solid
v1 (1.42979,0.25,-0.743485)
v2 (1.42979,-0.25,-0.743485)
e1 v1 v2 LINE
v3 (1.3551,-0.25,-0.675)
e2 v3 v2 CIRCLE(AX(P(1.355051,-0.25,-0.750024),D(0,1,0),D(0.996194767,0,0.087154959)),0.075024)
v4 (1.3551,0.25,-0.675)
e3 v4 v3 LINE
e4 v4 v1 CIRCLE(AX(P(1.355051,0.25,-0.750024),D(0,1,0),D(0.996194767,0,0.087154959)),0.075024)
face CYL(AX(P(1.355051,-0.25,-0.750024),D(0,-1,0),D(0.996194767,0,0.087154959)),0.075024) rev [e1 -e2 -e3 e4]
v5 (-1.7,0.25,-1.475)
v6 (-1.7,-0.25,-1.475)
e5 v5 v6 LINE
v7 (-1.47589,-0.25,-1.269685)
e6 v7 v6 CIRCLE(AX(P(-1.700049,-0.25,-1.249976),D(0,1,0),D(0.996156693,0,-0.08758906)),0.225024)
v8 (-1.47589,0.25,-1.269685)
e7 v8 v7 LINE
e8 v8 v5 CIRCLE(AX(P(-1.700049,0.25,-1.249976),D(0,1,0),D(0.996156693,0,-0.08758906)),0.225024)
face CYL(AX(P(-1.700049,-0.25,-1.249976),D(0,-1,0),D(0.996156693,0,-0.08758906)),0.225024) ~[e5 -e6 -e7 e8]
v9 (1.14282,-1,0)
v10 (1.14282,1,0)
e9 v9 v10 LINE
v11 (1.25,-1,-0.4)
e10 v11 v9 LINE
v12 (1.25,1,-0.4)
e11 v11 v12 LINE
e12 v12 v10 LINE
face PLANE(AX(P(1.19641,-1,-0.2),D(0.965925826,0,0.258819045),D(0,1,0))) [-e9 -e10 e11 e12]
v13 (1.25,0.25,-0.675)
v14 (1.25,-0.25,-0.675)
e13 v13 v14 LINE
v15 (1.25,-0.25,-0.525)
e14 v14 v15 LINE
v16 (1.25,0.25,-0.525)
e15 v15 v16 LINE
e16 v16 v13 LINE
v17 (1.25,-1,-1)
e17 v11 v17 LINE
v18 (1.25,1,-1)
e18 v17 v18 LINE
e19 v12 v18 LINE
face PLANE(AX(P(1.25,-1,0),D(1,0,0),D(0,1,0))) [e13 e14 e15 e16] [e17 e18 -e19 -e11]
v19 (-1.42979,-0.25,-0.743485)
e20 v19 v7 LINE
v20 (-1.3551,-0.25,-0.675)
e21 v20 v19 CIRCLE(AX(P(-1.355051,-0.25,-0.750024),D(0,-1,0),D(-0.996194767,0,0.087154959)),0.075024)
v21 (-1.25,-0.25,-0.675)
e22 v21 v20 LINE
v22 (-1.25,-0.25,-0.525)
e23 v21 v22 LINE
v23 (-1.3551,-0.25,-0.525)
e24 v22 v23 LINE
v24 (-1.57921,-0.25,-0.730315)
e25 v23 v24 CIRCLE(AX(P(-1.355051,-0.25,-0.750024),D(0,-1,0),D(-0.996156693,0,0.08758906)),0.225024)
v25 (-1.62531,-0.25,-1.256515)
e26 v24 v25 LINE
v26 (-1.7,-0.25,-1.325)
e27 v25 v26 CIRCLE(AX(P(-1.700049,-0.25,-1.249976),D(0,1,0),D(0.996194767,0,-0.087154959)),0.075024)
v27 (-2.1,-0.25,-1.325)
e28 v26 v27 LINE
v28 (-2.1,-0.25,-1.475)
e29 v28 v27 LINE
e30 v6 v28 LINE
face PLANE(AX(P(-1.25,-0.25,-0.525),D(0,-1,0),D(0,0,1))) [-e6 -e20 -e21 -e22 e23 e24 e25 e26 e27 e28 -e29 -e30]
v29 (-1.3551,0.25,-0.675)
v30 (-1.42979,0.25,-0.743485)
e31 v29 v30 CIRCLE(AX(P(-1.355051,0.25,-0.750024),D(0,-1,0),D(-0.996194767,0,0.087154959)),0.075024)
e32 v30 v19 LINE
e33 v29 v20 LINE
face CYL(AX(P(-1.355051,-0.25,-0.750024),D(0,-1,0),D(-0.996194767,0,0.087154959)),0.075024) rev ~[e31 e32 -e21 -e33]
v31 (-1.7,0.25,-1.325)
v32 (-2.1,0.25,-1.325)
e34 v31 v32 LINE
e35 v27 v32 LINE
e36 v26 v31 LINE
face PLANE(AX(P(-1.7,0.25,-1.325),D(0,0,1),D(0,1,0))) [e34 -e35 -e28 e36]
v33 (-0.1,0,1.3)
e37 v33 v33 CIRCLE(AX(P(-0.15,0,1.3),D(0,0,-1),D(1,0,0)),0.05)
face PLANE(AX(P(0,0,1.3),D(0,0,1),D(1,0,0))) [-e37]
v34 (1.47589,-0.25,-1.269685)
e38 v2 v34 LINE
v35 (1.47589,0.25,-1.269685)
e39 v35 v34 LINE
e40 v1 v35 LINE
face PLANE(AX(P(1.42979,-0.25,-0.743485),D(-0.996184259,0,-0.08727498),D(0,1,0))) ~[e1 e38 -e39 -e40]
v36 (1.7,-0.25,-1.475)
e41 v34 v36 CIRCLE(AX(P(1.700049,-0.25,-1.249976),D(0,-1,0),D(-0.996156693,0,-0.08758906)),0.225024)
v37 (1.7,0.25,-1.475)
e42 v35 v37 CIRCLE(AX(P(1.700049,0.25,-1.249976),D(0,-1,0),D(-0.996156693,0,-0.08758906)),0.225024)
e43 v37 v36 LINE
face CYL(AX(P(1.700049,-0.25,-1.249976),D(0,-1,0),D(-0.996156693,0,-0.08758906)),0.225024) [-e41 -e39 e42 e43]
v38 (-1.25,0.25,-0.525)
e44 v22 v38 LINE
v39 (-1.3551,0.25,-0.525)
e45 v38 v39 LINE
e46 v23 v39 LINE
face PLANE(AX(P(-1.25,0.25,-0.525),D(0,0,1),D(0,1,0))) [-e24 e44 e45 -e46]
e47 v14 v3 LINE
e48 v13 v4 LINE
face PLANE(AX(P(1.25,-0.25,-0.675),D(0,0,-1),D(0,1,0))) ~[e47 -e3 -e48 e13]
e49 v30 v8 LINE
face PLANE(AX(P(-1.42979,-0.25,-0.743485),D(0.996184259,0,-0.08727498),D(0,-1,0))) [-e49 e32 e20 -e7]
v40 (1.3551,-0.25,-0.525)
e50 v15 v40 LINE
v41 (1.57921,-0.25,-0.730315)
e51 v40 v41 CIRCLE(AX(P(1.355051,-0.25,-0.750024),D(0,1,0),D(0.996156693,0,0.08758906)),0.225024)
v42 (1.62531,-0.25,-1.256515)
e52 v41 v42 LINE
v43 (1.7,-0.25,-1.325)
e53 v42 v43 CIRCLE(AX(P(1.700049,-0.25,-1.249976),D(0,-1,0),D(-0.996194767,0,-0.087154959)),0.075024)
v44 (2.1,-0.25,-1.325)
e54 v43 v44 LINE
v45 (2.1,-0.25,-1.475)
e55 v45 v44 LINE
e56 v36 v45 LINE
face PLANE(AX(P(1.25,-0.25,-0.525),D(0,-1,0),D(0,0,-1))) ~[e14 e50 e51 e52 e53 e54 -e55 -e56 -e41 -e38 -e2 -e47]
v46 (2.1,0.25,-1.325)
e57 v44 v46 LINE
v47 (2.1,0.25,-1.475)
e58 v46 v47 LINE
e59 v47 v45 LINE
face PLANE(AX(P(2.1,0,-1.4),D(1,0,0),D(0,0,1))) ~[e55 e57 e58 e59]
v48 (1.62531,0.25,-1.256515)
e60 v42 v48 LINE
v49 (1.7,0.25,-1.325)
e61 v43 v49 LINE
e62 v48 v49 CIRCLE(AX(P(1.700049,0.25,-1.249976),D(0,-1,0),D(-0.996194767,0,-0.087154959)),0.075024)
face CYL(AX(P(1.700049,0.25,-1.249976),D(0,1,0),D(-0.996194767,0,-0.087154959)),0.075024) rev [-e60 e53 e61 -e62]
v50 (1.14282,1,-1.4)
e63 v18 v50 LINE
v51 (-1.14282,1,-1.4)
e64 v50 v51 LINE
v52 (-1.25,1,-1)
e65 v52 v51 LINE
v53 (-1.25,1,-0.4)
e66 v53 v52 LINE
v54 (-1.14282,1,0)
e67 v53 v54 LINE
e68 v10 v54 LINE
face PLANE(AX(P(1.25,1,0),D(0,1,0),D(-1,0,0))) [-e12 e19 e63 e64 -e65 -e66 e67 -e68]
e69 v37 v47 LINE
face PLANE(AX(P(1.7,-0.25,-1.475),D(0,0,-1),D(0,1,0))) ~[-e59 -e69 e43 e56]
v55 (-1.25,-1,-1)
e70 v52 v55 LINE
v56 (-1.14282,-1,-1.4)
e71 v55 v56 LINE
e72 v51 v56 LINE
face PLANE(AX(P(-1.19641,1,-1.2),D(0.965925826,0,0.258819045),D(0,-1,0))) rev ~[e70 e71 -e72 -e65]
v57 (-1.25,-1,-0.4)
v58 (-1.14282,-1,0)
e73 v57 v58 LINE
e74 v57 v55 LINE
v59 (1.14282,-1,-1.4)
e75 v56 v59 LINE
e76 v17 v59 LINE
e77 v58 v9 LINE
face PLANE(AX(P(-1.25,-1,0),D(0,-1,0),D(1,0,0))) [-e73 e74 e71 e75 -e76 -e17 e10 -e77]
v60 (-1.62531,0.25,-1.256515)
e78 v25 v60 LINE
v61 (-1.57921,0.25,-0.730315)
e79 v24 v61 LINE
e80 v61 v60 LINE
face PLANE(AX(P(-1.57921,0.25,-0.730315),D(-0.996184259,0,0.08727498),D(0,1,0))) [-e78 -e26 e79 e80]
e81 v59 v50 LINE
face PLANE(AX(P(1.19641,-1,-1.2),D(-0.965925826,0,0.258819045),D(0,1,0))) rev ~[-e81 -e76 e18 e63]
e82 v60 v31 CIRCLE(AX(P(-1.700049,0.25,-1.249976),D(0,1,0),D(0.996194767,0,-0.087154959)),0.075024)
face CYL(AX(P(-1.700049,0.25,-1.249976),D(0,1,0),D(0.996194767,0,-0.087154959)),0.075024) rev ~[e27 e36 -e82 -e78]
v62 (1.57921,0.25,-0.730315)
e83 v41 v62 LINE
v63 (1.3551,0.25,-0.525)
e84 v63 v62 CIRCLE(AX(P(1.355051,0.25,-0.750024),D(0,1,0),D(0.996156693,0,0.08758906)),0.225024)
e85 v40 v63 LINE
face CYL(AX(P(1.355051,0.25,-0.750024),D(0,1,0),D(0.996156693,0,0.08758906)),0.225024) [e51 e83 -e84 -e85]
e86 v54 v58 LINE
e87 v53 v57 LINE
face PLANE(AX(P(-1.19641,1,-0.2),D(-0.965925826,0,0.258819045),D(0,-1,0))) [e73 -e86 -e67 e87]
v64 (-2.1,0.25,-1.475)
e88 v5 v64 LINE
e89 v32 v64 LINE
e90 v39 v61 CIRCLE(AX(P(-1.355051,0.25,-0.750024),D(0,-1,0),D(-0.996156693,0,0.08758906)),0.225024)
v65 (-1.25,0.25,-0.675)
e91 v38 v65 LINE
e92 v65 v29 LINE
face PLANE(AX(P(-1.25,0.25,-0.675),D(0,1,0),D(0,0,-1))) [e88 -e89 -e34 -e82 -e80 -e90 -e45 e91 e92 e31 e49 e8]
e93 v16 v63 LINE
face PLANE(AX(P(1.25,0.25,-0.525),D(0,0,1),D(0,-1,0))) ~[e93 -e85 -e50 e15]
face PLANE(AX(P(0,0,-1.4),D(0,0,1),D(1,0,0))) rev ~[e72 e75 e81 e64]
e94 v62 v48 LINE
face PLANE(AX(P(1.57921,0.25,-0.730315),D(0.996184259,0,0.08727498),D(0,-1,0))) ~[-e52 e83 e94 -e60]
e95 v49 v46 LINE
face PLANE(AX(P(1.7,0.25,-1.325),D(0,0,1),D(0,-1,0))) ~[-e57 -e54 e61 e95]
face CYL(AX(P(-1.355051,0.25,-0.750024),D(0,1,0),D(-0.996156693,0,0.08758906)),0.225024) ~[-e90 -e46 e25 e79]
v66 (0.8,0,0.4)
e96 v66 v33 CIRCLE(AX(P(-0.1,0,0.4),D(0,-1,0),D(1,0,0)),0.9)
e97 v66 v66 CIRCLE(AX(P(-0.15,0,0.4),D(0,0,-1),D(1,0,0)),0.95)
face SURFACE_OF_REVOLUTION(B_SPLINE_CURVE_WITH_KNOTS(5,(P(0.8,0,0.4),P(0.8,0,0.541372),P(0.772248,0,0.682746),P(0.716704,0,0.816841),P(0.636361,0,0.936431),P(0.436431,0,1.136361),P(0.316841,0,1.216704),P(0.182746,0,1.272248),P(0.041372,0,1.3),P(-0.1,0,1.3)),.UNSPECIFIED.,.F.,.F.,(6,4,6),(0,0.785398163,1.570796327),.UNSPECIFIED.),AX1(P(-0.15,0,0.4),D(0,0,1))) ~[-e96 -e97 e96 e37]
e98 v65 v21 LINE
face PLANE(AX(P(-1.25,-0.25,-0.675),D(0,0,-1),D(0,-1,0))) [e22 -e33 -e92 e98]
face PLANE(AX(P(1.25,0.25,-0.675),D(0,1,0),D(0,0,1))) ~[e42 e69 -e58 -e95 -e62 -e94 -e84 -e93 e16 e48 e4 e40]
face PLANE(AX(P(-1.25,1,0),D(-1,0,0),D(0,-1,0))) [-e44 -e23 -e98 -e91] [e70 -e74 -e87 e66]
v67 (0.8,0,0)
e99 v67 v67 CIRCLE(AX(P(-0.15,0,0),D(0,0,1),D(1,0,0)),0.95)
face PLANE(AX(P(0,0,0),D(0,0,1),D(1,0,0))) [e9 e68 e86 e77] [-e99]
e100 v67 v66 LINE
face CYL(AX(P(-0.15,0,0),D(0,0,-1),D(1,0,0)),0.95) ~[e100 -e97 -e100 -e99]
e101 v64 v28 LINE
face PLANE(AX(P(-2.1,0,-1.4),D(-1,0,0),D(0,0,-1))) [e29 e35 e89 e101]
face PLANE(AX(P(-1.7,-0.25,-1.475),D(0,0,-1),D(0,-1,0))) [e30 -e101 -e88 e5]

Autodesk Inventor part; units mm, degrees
ref_plane "YZ Plane" through (0, 0, 0) normal (1, 0, 0) x (0, 1, 0)
ref_plane "XZ Plane" through (0, 0, 0) normal (0, 1, 0) x (-1, 0, 0)
ref_plane "XY Plane" through (0, 0, 0) normal (0, 0, 1) x (1, 0, 0)
sketch "Skizze1" plane through (0, 0, 0) normal (0, 0, 1) x (1, 0, 0)
  line L0 (-1.25, -1) -> (1.25, -1)
  line L1 (1.25, -1) -> (1.25, 1)
  line L2 (1.25, 1) -> (-1.25, 1)
  line L3 (-1.25, 1) -> (-1.25, -1)
  line L4 (-1.25, -1) -> (1.25, 1) construction
  line L5 (1.25, -1) -> (-1.25, 1) construction
  point P0 (0, 0)
  dimension "d0" = 2.5
  dimension "d1" = 2
extrude "Extrusion1" add sketch "Skizze1" against normal blind 1.4
sketch "Skizze2" plane through (0, 0, 0) normal (0, 0, 1) x (1, 0, 0)
  line L0 (-1.25, -1) -> (1.25, -1) projected
  line L1 (1.25, -1) -> (1.25, 1) projected
  line L2 (1.25, 1) -> (-1.25, 1) projected
  line L3 (-1.25, 1) -> (-1.25, -1) projected
  circle A0 centre (-0.15, 0) radius 0.95
  line L4 (-1.75, 0) -> (1.75, 0) projected
  point P0 (0, 0)
  dimension "d4" = 1.9
  dimension "d5" = 1.1
extrude "Extrusion2" add sketch "Skizze2" along normal blind 1.3 contours L4 A0 | A0 L4
fillet "Rundung1" radius 0.9 1 edges at (-1.1, 0, 1.3)
sketch "Skizze4" plane through (-1.25, -1, 0) normal (-1, 0, 0) x (0, 0, 1)
  line L0 (-0.675, 1.25) -> (-0.525, 1.25)
  line L1 (-0.525, 1.25) -> (-0.525, 0.75)
  line L2 (-0.525, 0.75) -> (-0.675, 0.75)
  line L3 (-0.675, 0.75) -> (-0.675, 1.25)
  line L4 (-0.675, 1.25) -> (-0.525, 0.75) construction
  line L5 (-0.525, 1.25) -> (-0.675, 0.75) construction
  point P0 (0, 1)
  point P1 (-0.6, 1)
  point P2 (-0.6, 1)
  point P3 (-0.6, 1)
  dimension "d14" = 0.15
  dimension "d15" = 0.5
sketch "Skizze3" plane through (0, 0, 0) normal (0, 1, 0) x (-1, 0, 0)
  line L0 (1.25, 0) -> (-1.25, 0) projected
  line L1 (1.25, 0) -> (1.25, -1.4) projected
  line L2 (-1.25, -1.4) -> (1.25, -1.4) projected
  line L3 (-1.25, 0) -> (-1.25, -1.4) projected
  line L4 (1.25, 0) -> (1.25, -1.4) projected
  line L5 (1.25, -0.6) -> (1.3551, -0.6)
  line L6 (1.7, -1.4) -> (2.1, -1.4)
  line L7 (0, -1.94) -> (0, 1.84) projected
  line L8 (2.15, -0.275) -> (1.3565, -0.275) construction
  arc A0 (1.5045, -0.7369) -> (1.3551, -0.6) centre (1.3551, -0.75) ccw
  line L9 (1.5045, -0.7369) -> (1.5506, -1.2631)
  arc A1 (1.5506, -1.2631) -> (1.7, -1.4) centre (1.7, -1.25) ccw
  point P0 (0, 0)
  dimension "d10" = 2.1
  dimension "d13" = 0.6
  dimension "d24" = 0.4
  dimension "d25" = 0.15
  dimension "d26" = 0.15
  dimension "d27" = 85
sweep "Sweeping1" add profiles "Skizze4" path "Skizze3" path curves L5 A0 L9 A1 L6
mirror "Spiegeln1" about plane through (0, 0, 0) normal (1, 0, 0) of "Sweeping1"
chamfer "Fase1" distance 0.4 angle 15 2 edges at (-1.25, 0, 0) (-1.25, 0, -1.4) measured on face at (-1.25, 0.0833, -1.1583)
chamfer "Fase2" distance 0.4 angle 15 2 edges at (1.25, 0, 0) (1.25, 0, -1.4) measured on face at (1.25, -0.0833, -1.1583)
properties part number "IR LED Gullwing"
